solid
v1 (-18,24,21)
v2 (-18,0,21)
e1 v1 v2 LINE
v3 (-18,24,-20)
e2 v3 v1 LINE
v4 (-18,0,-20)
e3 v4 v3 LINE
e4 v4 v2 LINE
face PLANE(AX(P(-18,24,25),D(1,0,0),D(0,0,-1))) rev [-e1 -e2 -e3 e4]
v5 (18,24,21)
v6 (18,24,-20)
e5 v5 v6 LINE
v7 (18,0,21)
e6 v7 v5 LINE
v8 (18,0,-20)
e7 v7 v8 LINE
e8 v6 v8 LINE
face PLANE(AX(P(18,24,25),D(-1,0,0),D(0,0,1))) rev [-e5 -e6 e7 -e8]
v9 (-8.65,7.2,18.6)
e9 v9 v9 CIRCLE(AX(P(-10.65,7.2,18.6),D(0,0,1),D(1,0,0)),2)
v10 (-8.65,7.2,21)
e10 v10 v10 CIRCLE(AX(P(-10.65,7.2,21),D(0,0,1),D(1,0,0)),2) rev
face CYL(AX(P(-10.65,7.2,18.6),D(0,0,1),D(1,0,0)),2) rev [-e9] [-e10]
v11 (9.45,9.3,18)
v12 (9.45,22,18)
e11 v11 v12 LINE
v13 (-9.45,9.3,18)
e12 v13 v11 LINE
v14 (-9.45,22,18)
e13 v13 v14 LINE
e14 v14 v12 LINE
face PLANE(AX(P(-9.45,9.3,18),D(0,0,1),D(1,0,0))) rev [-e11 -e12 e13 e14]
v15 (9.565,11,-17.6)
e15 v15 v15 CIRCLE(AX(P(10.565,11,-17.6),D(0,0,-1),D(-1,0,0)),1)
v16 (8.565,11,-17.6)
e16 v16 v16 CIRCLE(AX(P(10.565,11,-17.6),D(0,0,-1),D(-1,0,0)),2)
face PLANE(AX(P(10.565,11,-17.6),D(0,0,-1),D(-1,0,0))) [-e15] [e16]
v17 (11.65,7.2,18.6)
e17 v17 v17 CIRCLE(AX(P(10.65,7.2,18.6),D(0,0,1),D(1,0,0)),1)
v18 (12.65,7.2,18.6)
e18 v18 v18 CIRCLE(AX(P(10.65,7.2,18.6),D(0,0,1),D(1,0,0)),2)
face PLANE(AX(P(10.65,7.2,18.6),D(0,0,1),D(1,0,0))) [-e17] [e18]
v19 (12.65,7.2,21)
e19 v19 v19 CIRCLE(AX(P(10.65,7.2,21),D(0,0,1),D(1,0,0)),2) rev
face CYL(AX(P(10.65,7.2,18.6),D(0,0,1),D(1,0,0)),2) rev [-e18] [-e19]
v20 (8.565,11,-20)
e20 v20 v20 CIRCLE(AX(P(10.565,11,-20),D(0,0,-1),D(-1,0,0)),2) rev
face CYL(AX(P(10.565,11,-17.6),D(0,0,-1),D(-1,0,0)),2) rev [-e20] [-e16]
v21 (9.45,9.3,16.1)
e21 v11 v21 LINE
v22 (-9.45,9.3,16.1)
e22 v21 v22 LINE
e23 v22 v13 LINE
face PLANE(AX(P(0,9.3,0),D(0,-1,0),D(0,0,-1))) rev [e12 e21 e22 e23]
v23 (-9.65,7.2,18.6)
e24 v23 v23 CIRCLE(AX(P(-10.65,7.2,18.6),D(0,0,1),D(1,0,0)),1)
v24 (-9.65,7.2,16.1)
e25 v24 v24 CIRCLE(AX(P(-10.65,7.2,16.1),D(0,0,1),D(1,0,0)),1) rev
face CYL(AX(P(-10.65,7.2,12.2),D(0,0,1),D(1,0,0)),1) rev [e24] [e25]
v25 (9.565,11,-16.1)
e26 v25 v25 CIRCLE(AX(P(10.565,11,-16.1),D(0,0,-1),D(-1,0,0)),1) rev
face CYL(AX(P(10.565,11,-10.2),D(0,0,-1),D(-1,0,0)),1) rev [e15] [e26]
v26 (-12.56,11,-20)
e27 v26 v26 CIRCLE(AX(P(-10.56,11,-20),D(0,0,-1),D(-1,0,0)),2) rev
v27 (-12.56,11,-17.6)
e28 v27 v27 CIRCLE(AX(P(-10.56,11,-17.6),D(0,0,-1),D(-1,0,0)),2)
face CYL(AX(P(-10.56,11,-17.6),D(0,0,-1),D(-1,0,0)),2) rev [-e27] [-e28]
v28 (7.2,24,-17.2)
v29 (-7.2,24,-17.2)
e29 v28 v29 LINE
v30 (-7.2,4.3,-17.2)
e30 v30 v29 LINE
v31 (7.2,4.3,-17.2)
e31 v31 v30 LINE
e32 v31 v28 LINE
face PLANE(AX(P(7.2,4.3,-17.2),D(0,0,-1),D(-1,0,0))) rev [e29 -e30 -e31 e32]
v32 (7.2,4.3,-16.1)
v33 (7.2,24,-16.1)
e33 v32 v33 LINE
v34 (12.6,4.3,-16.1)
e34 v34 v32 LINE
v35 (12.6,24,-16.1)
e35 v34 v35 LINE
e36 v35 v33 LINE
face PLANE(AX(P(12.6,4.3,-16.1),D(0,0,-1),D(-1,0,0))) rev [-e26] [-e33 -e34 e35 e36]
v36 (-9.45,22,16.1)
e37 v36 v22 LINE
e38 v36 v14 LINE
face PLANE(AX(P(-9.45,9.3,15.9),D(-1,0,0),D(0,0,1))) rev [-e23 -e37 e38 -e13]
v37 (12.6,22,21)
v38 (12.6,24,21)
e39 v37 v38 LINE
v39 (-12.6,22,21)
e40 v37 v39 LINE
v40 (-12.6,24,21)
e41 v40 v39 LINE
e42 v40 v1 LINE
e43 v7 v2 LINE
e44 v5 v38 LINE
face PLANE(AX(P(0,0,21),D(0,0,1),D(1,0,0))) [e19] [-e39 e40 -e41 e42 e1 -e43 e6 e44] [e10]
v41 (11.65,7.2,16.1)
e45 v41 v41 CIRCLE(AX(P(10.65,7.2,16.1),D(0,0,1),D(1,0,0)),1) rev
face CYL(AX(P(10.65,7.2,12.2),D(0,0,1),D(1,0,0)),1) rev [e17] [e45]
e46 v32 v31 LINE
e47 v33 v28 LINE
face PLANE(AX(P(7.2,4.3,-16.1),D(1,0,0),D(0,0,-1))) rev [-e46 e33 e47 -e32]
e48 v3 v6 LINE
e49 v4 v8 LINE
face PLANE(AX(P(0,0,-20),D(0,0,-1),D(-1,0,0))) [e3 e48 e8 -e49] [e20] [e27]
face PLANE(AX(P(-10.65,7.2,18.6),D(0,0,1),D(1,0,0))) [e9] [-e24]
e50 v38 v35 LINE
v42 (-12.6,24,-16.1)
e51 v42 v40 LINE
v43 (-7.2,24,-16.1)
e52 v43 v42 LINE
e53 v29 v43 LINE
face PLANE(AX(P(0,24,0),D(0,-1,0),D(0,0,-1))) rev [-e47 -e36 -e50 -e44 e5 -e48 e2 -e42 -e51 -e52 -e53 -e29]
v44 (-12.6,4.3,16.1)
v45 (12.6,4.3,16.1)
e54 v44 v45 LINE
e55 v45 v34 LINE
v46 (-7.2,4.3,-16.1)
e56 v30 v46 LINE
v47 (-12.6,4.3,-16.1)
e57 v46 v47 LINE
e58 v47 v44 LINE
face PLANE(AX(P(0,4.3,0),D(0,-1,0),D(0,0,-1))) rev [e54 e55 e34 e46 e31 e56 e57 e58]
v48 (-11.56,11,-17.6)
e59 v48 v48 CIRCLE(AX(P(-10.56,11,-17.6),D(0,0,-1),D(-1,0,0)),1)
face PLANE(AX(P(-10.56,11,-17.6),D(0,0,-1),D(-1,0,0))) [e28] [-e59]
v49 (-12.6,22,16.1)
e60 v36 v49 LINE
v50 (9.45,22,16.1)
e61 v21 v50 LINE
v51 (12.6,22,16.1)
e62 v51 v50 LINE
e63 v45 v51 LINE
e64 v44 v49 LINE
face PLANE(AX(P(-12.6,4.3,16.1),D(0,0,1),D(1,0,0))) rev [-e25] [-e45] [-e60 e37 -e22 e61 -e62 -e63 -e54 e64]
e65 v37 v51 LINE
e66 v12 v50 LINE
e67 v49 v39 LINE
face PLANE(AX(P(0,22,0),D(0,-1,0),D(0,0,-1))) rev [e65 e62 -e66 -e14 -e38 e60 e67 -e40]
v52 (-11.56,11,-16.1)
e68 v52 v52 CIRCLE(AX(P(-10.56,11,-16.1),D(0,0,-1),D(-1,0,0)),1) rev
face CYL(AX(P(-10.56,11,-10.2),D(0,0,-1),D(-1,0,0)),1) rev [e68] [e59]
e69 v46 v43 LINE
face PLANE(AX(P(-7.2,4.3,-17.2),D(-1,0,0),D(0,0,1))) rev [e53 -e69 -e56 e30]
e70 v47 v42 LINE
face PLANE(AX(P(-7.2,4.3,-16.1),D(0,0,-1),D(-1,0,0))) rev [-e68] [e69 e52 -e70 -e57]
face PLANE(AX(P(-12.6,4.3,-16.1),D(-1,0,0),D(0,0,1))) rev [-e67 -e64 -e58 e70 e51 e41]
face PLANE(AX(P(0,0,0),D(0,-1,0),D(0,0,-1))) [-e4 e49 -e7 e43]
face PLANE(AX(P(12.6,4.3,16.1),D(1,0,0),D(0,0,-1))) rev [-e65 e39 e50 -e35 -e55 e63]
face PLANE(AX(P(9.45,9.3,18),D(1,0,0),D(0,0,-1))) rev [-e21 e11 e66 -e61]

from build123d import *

# Parameters (mm, degrees)
SKETCH_3_W           = 36
SKETCH_3_H           = 50
EXTRUDE_1_DEPTH      = 24
SKETCH_4_W           = 24.8
SKETCH_4_H           = 31.8
CUT_EXTRUDE_1_DEPTH  = 19.7
SKETCH_5_W           = 14
SKETCH_5_H           = 2.2
CUT_EXTRUDE_3_DEPTH  = 19.7
SKETCH_6_W           = 18.5
SKETCH_6_H           = 3.8
CUT_EXTRUDE_4_DEPTH  = 14.7
SKETCH_7_W           = 24.8
SKETCH_7_H           = 24.280407208
CUT_EXTRUDE_5_DEPTH  = 2
SKETCH_8_R           = 2
CUT_EXTRUDE_6_DEPTH  = 6.4
SKETCH_9_R           = 1
CUT_EXTRUDE_7_DEPTH  = 6.4
SKETCH_10_R          = 2
CUT_EXTRUDE_8_DEPTH  = 7.4
SKETCH_11_R          = 1
CUT_EXTRUDE_9_DEPTH  = 7.4
SKETCH_14_W          = 47.693248889
SKETCH_14_H          = 41.94352182
CUT_EXTRUDE_12_DEPTH = 4
SKETCH_16_W          = 69.166934332
SKETCH_16_H          = 39.422219991
CUT_EXTRUDE_13_DEPTH = 5
CUT_EXTRUDE_17_DEPTH = 19.7
SKETCH_19_W          = 18.9
SKETCH_19_H          = 2.1
CUT_EXTRUDE_18_DEPTH = 12.7
SKETCH_20_W          = 25.2
SKETCH_20_H          = 38.217614171
CUT_EXTRUDE_19_DEPTH = 2


with BuildPart() as part:
    # 草图3 → 凸台-拉伸1 (new body)
    with BuildSketch(Plane(origin=(0, 0, 0), x_dir=(1, 0, 0), z_dir=(0, 1, 0))):
        Rectangle(SKETCH_3_W, SKETCH_3_H)
    extrude(amount=EXTRUDE_1_DEPTH)

    # 草图4 → 切除-拉伸1 (cut)
    with BuildSketch(Plane(origin=(0, 24, 0), x_dir=(1, 0, 0), z_dir=(0, 1, 0))):
        Rectangle(SKETCH_4_W, SKETCH_4_H)
    extrude(amount=-CUT_EXTRUDE_1_DEPTH, mode=Mode.SUBTRACT)

    # 草图5 → 切除-拉伸3 (cut)
    with BuildSketch(Plane(origin=(0, 24, 0), x_dir=(1, 0, 0), z_dir=(0, 1, 0))):
        with Locations((0, 15.9)):
            Rectangle(SKETCH_5_W, SKETCH_5_H)
    extrude(amount=-CUT_EXTRUDE_3_DEPTH, mode=Mode.SUBTRACT)

    # 草图6 → 切除-拉伸4 (cut)
    with BuildSketch(Plane(origin=(0, 24, 0), x_dir=(1, 0, 0), z_dir=(0, 1, 0))):
        with Locations((0, -15.9)):
            Rectangle(SKETCH_6_W, SKETCH_6_H)
    extrude(amount=-CUT_EXTRUDE_4_DEPTH, mode=Mode.SUBTRACT)

    # 草图7 → 切除-拉伸5 (cut)
    with BuildSketch(Plane(origin=(0, 24, 0), x_dir=(1, 0, 0), z_dir=(0, 1, 0))):
        with Locations((0, -25)):
            Rectangle(SKETCH_7_W, SKETCH_7_H)
    extrude(amount=-CUT_EXTRUDE_5_DEPTH, mode=Mode.SUBTRACT)

    # 草图8 → 切除-拉伸6 (cut)
    with BuildSketch(Plane.XY.offset(25)):
        with Locations((10.65, 7.2)):
            Circle(SKETCH_8_R)
        with Locations((-10.65, 7.2)):
            Circle(SKETCH_8_R)
    extrude(amount=-CUT_EXTRUDE_6_DEPTH, mode=Mode.SUBTRACT)

    # 草图9 → 切除-拉伸7 (cut)
    with BuildSketch(Plane.XY.offset(18.6)):
        with Locations((10.65, 7.2)):
            Circle(SKETCH_9_R)
        with Locations((-10.65, 7.2)):
            Circle(SKETCH_9_R)
    extrude(amount=-CUT_EXTRUDE_7_DEPTH, mode=Mode.SUBTRACT)

    # 草图10 → 切除-拉伸8 (cut)
    with BuildSketch(Plane(origin=(0, 0, -25), x_dir=(-1, 0, 0), z_dir=(0, 0, -1))):
        with Locations((-10.565, 11)):
            Circle(SKETCH_10_R)
        with Locations((10.56, 11)):
            Circle(SKETCH_10_R)
    extrude(amount=-CUT_EXTRUDE_8_DEPTH, mode=Mode.SUBTRACT)

    # 草图11 → 切除-拉伸9 (cut)
    with BuildSketch(Plane(origin=(0, 0, -17.6), x_dir=(-1, 0, 0), z_dir=(0, 0, -1))):
        with Locations((10.56, 11)):
            Circle(SKETCH_11_R)
        with Locations((-10.565, 11)):
            Circle(SKETCH_11_R)
    extrude(amount=-CUT_EXTRUDE_9_DEPTH, mode=Mode.SUBTRACT)

    # 草图14 → 切除-拉伸12 (cut)
    with BuildSketch(Plane.XY.offset(25)):
        with Locations((-2.653720185, 12.393348568)):
            Rectangle(SKETCH_14_W, SKETCH_14_H)
    extrude(amount=-CUT_EXTRUDE_12_DEPTH, mode=Mode.SUBTRACT)

    # 草图16 → 切除-拉伸13 (cut)
    with BuildSketch(Plane(origin=(0, 0, -25), x_dir=(-1, 0, 0), z_dir=(0, 0, -1))):
        with Locations((0.858826259, 12.588310345)):
            Rectangle(SKETCH_16_W, SKETCH_16_H)
    extrude(amount=-CUT_EXTRUDE_13_DEPTH, mode=Mode.SUBTRACT)

    # 草图18 → 切除-拉伸17 (cut)
    with BuildSketch(Plane(origin=(0, 24, 0), x_dir=(1, 0, 0), z_dir=(0, 1, 0))):
        Polygon((-12.6, -16.1), (12.6, -16.1), (12.6, 16.1), (7.2, 16.1), (7.2, 17.2), (-7.2, 17.2), (-7.2, 16.1), (-12.6, 16.1), align=None)
    extrude(amount=-CUT_EXTRUDE_17_DEPTH, mode=Mode.SUBTRACT)

    # 草图19 → 切除-拉伸18 (cut)
    with BuildSketch(Plane(origin=(0, 22, 0), x_dir=(1, 0, 0), z_dir=(0, 1, 0))):
        with Locations((0, -16.95)):
            Rectangle(SKETCH_19_W, SKETCH_19_H)
    extrude(amount=-CUT_EXTRUDE_18_DEPTH, mode=Mode.SUBTRACT)

    # 草图20 → 切除-拉伸19 (cut)
    with BuildSketch(Plane(origin=(0, 24, 0), x_dir=(1, 0, 0), z_dir=(0, 1, 0))):
        with Locations((0, -3.008807086)):
            Rectangle(SKETCH_20_W, SKETCH_20_H)
    extrude(amount=-CUT_EXTRUDE_19_DEPTH, mode=Mode.SUBTRACT)


solid = part.part
